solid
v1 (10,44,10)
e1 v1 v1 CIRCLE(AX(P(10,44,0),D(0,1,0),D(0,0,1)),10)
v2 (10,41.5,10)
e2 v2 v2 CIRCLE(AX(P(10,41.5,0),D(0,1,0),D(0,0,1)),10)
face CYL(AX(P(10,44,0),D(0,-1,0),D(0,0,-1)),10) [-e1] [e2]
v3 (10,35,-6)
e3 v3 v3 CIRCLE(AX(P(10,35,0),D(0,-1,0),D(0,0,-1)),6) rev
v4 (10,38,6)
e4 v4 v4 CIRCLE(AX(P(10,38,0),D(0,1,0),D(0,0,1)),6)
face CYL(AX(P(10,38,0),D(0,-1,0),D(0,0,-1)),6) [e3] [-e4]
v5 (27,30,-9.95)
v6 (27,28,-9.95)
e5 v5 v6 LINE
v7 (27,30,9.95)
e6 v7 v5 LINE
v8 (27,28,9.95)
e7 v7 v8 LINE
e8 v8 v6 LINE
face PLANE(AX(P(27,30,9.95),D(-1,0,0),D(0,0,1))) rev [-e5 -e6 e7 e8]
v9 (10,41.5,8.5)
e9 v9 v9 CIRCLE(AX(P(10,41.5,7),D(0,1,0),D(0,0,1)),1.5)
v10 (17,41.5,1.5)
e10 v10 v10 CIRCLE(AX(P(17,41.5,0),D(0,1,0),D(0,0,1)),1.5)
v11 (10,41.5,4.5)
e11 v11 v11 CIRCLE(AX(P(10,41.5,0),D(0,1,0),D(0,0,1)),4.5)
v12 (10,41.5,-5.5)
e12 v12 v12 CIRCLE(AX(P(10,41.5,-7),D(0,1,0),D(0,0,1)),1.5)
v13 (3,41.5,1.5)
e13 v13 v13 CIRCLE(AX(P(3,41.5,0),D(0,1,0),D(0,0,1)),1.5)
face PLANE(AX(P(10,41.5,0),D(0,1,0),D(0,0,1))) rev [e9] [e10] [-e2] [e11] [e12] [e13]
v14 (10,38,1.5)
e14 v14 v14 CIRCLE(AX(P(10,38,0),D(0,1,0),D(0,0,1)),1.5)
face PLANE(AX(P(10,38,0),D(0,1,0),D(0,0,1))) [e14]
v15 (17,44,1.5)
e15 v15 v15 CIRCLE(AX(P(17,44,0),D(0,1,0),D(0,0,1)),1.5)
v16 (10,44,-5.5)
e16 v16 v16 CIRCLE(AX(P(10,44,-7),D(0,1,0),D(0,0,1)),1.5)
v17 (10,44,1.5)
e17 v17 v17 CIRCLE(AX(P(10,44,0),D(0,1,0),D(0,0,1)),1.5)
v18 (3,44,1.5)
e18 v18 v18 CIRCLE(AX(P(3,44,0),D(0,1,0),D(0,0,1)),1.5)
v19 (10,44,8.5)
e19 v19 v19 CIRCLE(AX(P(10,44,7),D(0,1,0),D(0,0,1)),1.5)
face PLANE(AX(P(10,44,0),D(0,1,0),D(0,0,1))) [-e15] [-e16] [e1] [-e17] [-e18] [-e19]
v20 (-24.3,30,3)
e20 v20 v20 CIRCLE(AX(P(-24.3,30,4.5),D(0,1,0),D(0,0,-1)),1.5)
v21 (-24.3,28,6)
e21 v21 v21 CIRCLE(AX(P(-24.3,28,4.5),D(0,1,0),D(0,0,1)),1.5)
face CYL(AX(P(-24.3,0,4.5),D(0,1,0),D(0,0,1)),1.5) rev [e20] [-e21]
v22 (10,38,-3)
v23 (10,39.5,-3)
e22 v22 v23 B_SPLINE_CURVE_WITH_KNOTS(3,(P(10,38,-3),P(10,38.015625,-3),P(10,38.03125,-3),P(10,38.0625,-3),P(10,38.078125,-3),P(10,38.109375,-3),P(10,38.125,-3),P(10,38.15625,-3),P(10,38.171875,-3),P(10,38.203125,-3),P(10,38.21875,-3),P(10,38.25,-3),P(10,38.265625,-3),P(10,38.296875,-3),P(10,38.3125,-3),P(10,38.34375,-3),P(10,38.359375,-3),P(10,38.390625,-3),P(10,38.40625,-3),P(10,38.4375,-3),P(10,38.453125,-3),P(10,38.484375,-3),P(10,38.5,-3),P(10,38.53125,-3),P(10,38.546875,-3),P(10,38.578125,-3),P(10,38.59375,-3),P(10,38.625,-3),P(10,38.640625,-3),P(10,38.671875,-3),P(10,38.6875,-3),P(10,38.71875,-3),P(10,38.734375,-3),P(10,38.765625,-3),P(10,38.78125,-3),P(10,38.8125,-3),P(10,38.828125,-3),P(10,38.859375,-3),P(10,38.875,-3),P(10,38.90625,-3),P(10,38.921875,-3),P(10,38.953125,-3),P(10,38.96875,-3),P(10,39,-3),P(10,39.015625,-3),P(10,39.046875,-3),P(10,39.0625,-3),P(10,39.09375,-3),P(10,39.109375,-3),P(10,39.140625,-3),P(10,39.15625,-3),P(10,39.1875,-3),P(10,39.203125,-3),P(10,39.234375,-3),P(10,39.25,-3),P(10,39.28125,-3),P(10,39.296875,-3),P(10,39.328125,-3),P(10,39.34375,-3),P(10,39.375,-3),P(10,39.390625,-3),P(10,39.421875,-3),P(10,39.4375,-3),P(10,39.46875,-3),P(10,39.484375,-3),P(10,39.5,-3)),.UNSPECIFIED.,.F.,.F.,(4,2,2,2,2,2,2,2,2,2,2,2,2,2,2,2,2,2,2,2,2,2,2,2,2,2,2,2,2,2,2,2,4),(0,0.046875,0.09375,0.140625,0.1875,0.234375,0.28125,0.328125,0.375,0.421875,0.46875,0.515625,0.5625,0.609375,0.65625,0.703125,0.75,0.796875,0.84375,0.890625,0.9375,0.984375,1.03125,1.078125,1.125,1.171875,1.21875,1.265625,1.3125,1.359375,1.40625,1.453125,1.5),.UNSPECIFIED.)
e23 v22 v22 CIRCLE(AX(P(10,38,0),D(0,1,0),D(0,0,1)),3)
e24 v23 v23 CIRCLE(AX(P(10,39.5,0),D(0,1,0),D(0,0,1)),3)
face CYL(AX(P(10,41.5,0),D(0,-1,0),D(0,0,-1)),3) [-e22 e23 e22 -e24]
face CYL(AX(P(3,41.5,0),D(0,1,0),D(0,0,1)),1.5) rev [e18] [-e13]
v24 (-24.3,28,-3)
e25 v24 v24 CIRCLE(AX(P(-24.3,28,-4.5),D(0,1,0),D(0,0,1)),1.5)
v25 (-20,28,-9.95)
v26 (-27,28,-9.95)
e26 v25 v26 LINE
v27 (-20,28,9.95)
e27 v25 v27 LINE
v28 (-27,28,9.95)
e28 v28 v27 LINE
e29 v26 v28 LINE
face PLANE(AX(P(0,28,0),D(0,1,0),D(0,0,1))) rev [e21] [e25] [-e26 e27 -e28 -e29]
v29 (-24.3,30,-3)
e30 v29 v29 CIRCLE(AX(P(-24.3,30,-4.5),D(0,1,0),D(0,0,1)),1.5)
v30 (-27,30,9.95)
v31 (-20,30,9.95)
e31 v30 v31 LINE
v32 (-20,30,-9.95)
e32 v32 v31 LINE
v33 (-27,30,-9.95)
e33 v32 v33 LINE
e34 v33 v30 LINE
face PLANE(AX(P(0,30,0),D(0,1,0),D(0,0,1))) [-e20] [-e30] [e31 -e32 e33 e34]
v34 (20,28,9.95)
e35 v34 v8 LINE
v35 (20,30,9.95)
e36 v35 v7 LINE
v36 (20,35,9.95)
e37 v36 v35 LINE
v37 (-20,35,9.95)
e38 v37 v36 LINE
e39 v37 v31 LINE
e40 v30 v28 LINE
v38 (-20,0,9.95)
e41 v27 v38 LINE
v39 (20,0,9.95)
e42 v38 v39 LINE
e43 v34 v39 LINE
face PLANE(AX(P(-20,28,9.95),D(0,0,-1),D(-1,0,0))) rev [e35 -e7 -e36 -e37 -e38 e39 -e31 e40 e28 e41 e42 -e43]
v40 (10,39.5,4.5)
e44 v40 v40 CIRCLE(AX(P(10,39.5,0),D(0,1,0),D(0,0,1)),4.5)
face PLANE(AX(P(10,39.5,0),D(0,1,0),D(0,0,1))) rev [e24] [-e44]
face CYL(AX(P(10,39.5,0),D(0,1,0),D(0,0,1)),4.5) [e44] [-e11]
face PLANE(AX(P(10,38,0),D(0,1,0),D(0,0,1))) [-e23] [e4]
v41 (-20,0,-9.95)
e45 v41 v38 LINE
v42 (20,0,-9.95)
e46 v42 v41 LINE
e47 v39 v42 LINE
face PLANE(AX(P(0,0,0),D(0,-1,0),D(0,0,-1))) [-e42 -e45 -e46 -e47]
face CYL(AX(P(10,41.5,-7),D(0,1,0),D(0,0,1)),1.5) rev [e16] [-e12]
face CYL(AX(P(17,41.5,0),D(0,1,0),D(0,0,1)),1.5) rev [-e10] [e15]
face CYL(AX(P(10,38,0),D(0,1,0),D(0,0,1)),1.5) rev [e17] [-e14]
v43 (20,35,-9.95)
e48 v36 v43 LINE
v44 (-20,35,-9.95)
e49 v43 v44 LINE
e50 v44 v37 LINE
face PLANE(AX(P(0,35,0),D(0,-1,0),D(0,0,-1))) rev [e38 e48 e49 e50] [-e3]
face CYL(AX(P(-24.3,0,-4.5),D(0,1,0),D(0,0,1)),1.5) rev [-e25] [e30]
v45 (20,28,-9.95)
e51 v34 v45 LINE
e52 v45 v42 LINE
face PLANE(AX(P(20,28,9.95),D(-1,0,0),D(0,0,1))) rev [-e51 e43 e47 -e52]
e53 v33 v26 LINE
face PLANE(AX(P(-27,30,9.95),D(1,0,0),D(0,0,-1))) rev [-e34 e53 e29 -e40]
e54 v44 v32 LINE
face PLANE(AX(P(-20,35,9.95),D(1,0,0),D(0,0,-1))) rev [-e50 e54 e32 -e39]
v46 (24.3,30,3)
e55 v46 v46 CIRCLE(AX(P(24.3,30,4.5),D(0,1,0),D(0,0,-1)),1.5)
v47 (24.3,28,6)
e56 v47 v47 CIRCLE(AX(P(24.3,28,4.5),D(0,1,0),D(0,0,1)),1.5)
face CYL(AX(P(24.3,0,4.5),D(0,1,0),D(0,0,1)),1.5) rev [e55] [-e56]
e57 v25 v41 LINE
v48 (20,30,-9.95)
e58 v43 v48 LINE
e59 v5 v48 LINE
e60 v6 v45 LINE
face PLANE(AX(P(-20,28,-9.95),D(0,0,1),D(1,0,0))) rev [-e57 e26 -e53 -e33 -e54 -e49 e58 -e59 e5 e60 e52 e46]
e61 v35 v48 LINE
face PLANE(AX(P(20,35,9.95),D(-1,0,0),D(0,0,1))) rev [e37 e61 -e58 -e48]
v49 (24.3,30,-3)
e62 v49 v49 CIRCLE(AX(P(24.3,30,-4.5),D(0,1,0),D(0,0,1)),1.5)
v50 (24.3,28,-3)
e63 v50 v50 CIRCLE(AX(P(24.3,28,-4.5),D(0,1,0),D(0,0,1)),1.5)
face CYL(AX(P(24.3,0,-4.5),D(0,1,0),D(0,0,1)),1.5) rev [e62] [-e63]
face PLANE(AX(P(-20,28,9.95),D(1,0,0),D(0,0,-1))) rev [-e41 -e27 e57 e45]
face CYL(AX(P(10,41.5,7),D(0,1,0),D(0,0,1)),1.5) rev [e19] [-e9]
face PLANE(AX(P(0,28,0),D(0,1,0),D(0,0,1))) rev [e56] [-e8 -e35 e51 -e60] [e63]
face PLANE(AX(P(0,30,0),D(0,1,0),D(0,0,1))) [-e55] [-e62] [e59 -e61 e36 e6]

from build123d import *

# Parameters (mm, degrees)
SKETCH_1_W          = 40
SKETCH_1_H          = 19.9
EXTRUDE_1_DEPTH     = 28
SKETCH_2_W          = 54
SKETCH_2_H          = 19.9
EXTRUDE_2_DEPTH     = 2
SKETCH_3_W          = 40
SKETCH_3_H          = 19.9
EXTRUDE_3_DEPTH     = 5
SKETCH_4_R          = 1.5
CUT_EXTRUDE_1_DEPTH = 42.569249452
SKETCH_5_R          = 3
EXTRUDE_4_DEPTH     = 6.5
SKETCH_7_R          = 6
EXTRUDE_5_DEPTH     = 3
SKETCH_8_R          = 4.5
EXTRUDE_6_DEPTH     = 2
SKETCH_9_R          = 10
EXTRUDE_7_DEPTH     = 2.5
SKETCH_10_R         = 1.5
CUT_EXTRUDE_2_DEPTH = 2.5
SKETCH_11_R         = 1.5
CUT_EXTRUDE_3_DEPTH = 6


with BuildPart() as part:
    # 草图1 → 凸台-拉伸1 (new body)
    with BuildSketch(Plane(origin=(0, 0, 0), x_dir=(1, 0, 0), z_dir=(0, 1, 0))):
        Rectangle(SKETCH_1_W, SKETCH_1_H)
    extrude(amount=EXTRUDE_1_DEPTH)

    # 草图2 → 凸台-拉伸2 (add)
    with BuildSketch(Plane(origin=(0, 28, 0), x_dir=(1, 0, 0), z_dir=(0, 1, 0))):
        Rectangle(SKETCH_2_W, SKETCH_2_H)
    extrude(amount=EXTRUDE_2_DEPTH)

    # 草图3 → 凸台-拉伸3 (add)
    with BuildSketch(Plane(origin=(0, 30, 0), x_dir=(1, 0, 0), z_dir=(0, 1, 0))):
        Rectangle(SKETCH_3_W, SKETCH_3_H)
    extrude(amount=EXTRUDE_3_DEPTH)

    # 草图4 → 切除-拉伸1 (cut, through all)
    with BuildSketch(Plane(origin=(0, 30, 0), x_dir=(1, 0, 0), z_dir=(0, 1, 0))):
        with Locations(Location((-24.3, 4.5, 0), (0, 0, 270))):
            Circle(SKETCH_4_R)
        with Locations(Location((24.3, 4.5, 0), (0, 0, 270))):
            Circle(SKETCH_4_R)
        with Locations(Location((24.3, -4.5, 0), (0, 0, 270))):
            Circle(SKETCH_4_R)
        with Locations(Location((-24.3, -4.5, 0), (0, 0, 270))):
            Circle(SKETCH_4_R)
    extrude(amount=-CUT_EXTRUDE_1_DEPTH, mode=Mode.SUBTRACT)

    # 草图5 → 凸台-拉伸4 (add)
    with BuildSketch(Plane(origin=(0, 35, 0), x_dir=(1, 0, 0), z_dir=(0, 1, 0))):
        with Locations(Location((10, 0, 0), (0, 0, 90))):
            Circle(SKETCH_5_R)
    extrude(amount=EXTRUDE_4_DEPTH)

    # 草图7 → 凸台-拉伸5 (add)
    with BuildSketch(Plane(origin=(0, 35, 0), x_dir=(1, 0, 0), z_dir=(0, 1, 0))):
        with Locations(Location((10, 0, 0), (0, 0, 90))):
            Circle(SKETCH_7_R)
    extrude(amount=EXTRUDE_5_DEPTH)

    # 草图8 → 凸台-拉伸6 (add)
    with BuildSketch(Plane(origin=(0, 41.5, 0), x_dir=(1, 0, 0), z_dir=(0, 1, 0))):
        with Locations(Location((10, 0, 0), (0, 0, 270))):
            Circle(SKETCH_8_R)
    extrude(amount=-EXTRUDE_6_DEPTH)

    # 草图9 → 凸台-拉伸7 (add)
    with BuildSketch(Plane(origin=(0, 41.5, 0), x_dir=(1, 0, 0), z_dir=(0, 1, 0))):
        with Locations(Location((10, 0, 0), (0, 0, 270))):
            Circle(SKETCH_9_R)
    extrude(amount=EXTRUDE_7_DEPTH)

    # 草图10 → 切除-拉伸2 (cut)
    with BuildSketch(Plane(origin=(0, 44, 0), x_dir=(1, 0, 0), z_dir=(0, 1, 0))):
        with Locations(Location((10, 7, 0), (0, 0, 270))):
            Circle(SKETCH_10_R)
        with Locations(Location((17, 0, 0), (0, 0, 270))):
            Circle(SKETCH_10_R)
        with Locations(Location((10, -7, 0), (0, 0, 270))):
            Circle(SKETCH_10_R)
        with Locations(Location((3, 0, 0), (0, 0, 270))):
            Circle(SKETCH_10_R)
    extrude(amount=-CUT_EXTRUDE_2_DEPTH, mode=Mode.SUBTRACT)

    # 草图11 → 切除-拉伸3 (cut)
    with BuildSketch(Plane(origin=(0, 44, 0), x_dir=(1, 0, 0), z_dir=(0, 1, 0))):
        with Locations(Location((10, 0, 0), (0, 0, 270))):
            Circle(SKETCH_11_R)
    extrude(amount=-CUT_EXTRUDE_3_DEPTH, mode=Mode.SUBTRACT)


solid = part.part
